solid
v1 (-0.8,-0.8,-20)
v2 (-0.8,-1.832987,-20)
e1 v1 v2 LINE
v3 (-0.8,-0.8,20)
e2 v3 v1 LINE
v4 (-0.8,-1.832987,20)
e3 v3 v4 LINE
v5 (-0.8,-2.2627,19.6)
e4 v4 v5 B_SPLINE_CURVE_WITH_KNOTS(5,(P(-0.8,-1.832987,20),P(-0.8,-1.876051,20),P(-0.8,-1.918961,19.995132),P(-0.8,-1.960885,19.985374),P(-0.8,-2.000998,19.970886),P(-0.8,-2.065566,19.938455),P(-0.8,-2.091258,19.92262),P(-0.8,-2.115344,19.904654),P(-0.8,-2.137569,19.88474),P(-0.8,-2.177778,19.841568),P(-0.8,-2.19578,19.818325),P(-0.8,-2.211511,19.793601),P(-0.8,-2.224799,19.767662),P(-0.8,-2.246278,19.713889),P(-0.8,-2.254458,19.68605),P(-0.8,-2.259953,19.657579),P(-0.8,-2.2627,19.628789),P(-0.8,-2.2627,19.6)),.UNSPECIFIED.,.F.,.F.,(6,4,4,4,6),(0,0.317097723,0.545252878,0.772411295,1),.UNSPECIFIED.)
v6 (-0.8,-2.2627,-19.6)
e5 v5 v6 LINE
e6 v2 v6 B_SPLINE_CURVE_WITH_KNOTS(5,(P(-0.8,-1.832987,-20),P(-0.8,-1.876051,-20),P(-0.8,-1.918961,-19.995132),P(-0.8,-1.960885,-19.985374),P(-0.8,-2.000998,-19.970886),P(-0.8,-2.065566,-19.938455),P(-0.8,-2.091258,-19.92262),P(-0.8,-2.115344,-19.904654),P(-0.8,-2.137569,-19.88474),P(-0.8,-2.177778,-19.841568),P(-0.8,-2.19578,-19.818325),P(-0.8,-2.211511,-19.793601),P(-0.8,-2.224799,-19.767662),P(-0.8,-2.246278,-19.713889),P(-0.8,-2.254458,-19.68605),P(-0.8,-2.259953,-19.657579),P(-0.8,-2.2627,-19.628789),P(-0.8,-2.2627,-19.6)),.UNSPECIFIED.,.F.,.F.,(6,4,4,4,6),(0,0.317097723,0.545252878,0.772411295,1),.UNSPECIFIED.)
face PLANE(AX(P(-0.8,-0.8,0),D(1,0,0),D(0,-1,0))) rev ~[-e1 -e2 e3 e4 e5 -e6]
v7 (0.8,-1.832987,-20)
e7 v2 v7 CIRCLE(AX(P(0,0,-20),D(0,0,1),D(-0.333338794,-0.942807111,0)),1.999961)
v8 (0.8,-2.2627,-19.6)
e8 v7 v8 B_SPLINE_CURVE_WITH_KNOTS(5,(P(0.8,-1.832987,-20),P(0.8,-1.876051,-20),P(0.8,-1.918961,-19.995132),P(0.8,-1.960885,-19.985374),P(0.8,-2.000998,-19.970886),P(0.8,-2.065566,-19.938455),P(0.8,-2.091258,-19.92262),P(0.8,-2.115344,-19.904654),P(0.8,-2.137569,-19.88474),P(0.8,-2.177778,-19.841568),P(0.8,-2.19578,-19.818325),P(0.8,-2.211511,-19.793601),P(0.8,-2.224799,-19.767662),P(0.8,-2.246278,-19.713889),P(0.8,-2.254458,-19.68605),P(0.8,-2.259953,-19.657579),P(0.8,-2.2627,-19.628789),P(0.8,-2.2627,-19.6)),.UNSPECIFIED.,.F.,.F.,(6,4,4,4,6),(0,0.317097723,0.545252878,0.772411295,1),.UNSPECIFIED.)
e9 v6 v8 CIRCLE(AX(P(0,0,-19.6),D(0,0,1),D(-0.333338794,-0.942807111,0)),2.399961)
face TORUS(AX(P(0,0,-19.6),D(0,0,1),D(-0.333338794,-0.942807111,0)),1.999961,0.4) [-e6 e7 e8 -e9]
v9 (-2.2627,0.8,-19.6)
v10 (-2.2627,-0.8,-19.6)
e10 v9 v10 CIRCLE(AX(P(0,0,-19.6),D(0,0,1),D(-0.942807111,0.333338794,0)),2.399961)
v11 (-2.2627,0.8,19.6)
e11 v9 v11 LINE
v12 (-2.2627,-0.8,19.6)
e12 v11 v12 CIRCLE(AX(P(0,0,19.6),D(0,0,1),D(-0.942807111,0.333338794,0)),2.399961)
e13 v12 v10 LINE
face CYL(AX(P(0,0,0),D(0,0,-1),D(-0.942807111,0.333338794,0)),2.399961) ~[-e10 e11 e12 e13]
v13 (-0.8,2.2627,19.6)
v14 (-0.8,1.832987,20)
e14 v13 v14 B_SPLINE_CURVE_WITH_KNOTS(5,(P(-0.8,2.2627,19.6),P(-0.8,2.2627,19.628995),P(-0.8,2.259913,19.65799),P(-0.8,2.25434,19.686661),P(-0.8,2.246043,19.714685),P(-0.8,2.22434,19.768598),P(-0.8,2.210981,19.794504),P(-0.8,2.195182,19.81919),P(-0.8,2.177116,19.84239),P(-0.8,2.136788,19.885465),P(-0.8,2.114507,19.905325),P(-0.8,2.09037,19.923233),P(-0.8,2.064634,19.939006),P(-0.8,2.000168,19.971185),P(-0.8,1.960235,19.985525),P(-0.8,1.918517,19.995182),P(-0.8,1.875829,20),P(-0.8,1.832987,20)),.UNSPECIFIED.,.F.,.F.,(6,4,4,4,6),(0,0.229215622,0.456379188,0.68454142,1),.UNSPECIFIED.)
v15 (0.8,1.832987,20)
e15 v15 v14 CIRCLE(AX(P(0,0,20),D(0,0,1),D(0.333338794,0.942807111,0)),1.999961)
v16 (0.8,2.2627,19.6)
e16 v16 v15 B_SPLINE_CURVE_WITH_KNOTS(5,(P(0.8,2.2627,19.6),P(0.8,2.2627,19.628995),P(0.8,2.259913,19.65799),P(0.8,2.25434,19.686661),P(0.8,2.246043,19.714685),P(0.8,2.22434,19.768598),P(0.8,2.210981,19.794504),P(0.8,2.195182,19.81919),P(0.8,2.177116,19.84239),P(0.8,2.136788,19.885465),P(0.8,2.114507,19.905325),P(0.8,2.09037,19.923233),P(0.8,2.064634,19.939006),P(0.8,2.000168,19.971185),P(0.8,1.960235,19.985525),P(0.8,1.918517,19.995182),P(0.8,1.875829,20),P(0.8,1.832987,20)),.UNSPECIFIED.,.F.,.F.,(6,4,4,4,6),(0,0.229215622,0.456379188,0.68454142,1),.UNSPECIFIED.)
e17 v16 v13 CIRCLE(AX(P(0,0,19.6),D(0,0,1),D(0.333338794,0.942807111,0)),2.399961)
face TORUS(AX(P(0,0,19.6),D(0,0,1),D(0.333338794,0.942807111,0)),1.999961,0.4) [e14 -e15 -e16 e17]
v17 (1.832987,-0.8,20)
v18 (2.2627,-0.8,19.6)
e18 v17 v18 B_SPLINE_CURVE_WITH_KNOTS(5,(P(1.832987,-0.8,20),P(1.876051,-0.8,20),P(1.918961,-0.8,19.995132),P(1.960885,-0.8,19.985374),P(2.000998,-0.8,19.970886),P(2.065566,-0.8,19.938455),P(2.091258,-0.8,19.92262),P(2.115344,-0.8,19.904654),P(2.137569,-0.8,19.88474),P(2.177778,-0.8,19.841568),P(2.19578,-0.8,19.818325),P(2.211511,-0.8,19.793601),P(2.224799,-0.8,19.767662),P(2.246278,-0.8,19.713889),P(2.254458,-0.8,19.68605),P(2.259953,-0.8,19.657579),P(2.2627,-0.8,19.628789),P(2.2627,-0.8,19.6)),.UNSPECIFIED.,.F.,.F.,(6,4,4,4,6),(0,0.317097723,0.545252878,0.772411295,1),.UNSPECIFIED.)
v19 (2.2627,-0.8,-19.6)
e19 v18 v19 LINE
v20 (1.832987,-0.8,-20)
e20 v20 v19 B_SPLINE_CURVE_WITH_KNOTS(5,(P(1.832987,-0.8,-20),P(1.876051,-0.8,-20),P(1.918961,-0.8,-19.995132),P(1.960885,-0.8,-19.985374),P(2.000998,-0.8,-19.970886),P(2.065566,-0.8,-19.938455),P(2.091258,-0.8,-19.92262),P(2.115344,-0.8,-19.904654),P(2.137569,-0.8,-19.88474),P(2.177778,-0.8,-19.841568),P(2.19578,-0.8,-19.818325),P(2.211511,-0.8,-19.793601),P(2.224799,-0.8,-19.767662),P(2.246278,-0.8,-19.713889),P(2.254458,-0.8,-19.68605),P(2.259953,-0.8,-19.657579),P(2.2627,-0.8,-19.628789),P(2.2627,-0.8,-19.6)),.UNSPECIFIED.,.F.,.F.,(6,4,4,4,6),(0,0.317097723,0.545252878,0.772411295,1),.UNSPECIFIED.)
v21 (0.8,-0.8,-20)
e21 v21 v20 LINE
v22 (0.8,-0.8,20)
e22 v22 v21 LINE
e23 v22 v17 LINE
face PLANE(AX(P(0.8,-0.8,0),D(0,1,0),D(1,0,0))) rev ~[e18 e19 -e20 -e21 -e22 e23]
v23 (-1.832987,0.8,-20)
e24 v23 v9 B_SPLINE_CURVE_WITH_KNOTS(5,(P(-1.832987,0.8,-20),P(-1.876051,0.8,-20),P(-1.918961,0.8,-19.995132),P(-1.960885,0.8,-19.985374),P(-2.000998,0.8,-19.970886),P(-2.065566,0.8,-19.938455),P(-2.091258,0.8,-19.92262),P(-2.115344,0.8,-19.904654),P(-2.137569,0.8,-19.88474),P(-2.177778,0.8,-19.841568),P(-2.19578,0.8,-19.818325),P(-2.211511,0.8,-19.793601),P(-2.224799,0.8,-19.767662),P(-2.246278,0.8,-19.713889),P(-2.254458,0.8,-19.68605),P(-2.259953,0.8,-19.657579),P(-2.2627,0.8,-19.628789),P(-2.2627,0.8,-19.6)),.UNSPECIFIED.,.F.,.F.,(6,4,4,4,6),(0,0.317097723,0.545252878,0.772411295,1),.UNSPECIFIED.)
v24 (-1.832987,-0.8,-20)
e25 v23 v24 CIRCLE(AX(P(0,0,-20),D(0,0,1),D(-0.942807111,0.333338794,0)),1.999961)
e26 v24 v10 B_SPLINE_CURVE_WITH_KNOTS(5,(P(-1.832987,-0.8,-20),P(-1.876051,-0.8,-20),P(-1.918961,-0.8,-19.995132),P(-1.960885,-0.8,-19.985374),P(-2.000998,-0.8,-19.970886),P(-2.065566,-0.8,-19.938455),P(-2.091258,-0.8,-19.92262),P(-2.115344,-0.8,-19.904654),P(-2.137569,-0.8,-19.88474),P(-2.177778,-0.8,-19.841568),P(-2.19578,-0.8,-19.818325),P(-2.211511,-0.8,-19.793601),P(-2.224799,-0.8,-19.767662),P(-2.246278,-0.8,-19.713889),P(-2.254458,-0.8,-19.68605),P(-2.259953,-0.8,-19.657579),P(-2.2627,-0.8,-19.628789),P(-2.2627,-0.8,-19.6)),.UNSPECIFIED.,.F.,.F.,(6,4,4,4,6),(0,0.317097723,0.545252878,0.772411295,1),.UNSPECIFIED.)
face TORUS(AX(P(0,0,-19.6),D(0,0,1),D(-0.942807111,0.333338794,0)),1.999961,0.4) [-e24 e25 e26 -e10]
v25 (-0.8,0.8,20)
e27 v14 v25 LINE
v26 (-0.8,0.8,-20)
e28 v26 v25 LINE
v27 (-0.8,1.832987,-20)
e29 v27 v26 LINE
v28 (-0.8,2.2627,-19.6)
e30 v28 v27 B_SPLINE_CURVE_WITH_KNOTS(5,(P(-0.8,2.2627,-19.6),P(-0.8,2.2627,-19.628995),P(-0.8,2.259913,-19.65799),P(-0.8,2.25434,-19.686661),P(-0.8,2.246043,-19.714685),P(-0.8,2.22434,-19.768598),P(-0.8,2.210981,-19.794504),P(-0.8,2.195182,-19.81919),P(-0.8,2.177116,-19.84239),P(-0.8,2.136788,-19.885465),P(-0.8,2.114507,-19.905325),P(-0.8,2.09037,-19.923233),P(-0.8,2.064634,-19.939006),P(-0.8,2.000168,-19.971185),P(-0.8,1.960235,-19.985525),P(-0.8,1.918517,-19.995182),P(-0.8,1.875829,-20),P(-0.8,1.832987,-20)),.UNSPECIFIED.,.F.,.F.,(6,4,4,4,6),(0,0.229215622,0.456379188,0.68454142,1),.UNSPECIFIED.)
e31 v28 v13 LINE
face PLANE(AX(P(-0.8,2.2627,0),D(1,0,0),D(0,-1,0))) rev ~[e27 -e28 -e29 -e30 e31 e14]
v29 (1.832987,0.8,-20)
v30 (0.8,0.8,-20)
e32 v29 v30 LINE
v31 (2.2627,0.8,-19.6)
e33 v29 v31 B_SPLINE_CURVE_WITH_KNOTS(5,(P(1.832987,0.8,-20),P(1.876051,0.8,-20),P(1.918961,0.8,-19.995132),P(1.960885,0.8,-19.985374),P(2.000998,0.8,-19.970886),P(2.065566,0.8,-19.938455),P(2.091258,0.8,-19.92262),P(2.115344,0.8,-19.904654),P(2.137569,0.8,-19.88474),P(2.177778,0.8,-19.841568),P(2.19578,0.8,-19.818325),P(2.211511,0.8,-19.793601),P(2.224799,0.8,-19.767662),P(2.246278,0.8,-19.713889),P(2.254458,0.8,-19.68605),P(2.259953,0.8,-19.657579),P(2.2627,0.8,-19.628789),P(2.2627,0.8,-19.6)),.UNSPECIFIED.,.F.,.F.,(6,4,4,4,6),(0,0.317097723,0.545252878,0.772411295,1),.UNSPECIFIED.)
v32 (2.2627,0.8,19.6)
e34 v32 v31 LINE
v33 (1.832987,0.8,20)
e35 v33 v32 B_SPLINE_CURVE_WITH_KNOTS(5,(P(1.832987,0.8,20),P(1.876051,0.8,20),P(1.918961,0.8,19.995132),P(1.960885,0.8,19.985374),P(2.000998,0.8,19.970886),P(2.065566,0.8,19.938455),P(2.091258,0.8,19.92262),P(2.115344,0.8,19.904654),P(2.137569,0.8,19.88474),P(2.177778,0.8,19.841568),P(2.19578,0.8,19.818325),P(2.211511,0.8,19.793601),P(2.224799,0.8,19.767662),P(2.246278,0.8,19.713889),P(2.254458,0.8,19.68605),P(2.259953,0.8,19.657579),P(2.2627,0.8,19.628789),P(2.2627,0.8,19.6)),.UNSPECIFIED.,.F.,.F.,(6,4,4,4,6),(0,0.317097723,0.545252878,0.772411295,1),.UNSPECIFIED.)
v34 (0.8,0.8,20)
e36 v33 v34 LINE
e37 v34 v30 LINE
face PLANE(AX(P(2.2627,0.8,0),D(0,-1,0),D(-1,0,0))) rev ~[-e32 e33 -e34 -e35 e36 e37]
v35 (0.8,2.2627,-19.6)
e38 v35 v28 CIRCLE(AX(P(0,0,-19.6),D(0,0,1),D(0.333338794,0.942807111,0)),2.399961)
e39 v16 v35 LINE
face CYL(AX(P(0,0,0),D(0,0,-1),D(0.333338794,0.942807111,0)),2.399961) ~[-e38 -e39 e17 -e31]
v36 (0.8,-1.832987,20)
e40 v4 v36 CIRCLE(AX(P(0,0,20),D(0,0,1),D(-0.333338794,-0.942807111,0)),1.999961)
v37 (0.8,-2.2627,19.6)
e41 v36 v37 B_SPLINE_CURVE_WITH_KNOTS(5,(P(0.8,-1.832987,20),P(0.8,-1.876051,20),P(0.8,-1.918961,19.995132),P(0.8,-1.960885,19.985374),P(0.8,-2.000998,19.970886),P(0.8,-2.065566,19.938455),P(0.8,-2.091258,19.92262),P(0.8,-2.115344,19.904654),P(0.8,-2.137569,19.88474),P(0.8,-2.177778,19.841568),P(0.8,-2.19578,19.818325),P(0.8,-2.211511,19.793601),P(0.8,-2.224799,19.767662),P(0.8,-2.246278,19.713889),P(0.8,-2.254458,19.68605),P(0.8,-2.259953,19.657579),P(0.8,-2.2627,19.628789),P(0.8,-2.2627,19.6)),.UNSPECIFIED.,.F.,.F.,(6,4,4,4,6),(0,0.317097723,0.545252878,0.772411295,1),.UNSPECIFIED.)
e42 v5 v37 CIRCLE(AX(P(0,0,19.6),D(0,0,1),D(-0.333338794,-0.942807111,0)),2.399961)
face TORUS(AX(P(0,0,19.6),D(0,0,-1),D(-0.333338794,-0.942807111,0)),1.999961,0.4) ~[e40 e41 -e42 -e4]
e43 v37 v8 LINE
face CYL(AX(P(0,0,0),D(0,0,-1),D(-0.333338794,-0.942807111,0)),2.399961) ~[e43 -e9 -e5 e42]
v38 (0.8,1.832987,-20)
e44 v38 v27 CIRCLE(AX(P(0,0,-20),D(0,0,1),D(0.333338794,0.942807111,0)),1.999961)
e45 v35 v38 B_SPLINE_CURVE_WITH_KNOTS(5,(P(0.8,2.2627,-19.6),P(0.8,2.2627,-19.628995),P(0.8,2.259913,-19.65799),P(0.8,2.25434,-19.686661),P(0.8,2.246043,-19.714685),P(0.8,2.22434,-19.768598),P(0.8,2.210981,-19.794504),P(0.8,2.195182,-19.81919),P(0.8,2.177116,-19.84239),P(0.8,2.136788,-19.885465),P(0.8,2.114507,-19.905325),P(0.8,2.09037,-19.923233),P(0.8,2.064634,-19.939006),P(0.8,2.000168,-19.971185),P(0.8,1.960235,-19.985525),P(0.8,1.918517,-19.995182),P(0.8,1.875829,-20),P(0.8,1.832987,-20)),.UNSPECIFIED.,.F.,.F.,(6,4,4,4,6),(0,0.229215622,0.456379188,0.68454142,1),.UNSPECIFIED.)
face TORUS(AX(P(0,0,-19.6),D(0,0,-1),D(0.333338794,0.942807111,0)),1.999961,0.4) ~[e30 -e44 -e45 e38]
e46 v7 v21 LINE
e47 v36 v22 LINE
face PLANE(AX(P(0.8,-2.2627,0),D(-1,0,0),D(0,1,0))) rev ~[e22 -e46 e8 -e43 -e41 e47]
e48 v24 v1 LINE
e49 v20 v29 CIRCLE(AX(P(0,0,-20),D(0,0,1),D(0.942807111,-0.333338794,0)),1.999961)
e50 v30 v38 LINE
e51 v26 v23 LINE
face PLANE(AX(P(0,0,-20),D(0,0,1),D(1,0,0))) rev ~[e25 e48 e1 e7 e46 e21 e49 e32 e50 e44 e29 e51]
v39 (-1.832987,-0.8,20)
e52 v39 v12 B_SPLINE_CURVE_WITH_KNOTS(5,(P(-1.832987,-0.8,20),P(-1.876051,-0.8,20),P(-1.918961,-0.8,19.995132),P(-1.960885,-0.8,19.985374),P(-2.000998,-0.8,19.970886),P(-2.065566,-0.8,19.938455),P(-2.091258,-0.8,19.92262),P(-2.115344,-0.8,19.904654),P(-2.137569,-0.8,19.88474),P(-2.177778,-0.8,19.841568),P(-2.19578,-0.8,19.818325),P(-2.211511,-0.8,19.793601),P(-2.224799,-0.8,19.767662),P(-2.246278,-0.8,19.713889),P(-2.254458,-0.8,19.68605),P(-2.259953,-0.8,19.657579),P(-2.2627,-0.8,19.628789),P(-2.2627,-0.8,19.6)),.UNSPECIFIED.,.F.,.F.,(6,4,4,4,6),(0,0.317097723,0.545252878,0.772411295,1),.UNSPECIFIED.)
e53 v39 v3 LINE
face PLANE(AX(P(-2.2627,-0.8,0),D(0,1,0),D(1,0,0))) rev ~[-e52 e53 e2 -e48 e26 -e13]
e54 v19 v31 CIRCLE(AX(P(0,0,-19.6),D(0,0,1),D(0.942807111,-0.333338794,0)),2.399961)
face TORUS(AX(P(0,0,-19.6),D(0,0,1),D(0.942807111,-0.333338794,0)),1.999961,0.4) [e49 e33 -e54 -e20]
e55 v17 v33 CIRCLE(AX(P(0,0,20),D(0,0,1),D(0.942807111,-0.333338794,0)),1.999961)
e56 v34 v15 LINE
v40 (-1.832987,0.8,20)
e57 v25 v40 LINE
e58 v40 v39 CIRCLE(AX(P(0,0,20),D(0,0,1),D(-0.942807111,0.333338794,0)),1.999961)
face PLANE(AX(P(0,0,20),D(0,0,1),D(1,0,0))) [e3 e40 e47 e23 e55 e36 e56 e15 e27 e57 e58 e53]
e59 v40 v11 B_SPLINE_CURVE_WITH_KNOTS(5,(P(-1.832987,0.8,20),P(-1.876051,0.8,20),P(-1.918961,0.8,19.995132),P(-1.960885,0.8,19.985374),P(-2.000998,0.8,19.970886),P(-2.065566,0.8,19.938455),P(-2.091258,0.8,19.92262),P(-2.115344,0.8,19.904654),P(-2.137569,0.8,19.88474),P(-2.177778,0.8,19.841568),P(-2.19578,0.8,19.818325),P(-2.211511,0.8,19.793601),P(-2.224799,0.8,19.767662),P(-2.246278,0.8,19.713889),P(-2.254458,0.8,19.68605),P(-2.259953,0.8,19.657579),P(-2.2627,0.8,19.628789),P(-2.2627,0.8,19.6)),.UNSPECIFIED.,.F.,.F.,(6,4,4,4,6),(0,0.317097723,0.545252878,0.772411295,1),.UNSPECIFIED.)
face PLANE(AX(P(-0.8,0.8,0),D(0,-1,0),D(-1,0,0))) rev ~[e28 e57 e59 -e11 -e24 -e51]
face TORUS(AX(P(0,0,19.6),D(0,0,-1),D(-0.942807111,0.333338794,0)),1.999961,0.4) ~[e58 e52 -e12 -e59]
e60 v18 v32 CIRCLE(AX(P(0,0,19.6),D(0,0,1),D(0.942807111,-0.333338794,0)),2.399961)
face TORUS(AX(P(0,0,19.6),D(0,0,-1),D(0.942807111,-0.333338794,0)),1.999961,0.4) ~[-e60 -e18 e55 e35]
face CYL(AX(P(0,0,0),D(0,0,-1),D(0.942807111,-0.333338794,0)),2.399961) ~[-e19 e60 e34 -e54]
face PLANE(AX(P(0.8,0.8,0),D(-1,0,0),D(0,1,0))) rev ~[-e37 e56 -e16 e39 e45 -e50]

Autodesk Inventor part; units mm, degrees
ref_plane "YZ Plane" through (0, 0, 0) normal (1, 0, 0) x (0, 1, 0)
ref_plane "XZ Plane" through (0, 0, 0) normal (0, 1, 0) x (-1, 0, 0)
ref_plane "XY Plane" through (0, 0, 0) normal (0, 0, 1) x (1, 0, 0)
sketch "Sketch1" plane through (0, 0, 0) normal (0, 0, 1) x (1, 0, 0)
  circle A0 centre (0, 0) radius 2.4 construction
  line L0 (-0.8, 2.2627) -> (-0.8, 0.8)
  line L1 (-0.8, 0.8) -> (-2.2627, 0.8)
  line L2 (-2.2627, -0.8) -> (-0.8, -0.8)
  line L3 (-0.8, -0.8) -> (-0.8, -2.2627)
  line L4 (0.8, -2.2627) -> (0.8, -0.8)
  line L5 (0.8, -0.8) -> (2.2627, -0.8)
  line L6 (2.2627, 0.8) -> (0.8, 0.8)
  line L7 (0.8, 0.8) -> (0.8, 2.2627)
  arc A1 (0.8, 2.2627) -> (-0.8, 2.2627) centre (0, 0) ccw
  arc A2 (-2.2627, 0.8) -> (-2.2627, -0.8) centre (0, 0) ccw
  arc A3 (-0.8, -2.2627) -> (0.8, -2.2627) centre (0, 0) ccw
  arc A4 (2.2627, -0.8) -> (2.2627, 0.8) centre (0, 0) ccw
  dimension "d0" = 4.8
  dimension "d1" = 1.6
extrude "Extrusion1" add sketch "Sketch1" along normal mid plane 40
fillet "Fillet1" radius 0.4 8 edges at (0, 2.4, 20) (-2.4, 0, 20) (0, -2.4, 20) (2.4, 0, 20) (2.4, 0, -20) (0, 2.4, -20) (-2.4, 0, -20) (0, -2.4, -20)
equation "\"d0\" = kd"
equation "\"d1\" = axlet"
equation "\"d2\" = 5 * lu"
equation "\"d4\" = tf"
equation "\"kd\" = 4.8"
equation "\"axlet\" = 1.6"
equation "\"lu\" = 8"
equation "\"tf\" = 0.4"
properties part number "32073-LtBluishGray" material "ABS Plastic"
